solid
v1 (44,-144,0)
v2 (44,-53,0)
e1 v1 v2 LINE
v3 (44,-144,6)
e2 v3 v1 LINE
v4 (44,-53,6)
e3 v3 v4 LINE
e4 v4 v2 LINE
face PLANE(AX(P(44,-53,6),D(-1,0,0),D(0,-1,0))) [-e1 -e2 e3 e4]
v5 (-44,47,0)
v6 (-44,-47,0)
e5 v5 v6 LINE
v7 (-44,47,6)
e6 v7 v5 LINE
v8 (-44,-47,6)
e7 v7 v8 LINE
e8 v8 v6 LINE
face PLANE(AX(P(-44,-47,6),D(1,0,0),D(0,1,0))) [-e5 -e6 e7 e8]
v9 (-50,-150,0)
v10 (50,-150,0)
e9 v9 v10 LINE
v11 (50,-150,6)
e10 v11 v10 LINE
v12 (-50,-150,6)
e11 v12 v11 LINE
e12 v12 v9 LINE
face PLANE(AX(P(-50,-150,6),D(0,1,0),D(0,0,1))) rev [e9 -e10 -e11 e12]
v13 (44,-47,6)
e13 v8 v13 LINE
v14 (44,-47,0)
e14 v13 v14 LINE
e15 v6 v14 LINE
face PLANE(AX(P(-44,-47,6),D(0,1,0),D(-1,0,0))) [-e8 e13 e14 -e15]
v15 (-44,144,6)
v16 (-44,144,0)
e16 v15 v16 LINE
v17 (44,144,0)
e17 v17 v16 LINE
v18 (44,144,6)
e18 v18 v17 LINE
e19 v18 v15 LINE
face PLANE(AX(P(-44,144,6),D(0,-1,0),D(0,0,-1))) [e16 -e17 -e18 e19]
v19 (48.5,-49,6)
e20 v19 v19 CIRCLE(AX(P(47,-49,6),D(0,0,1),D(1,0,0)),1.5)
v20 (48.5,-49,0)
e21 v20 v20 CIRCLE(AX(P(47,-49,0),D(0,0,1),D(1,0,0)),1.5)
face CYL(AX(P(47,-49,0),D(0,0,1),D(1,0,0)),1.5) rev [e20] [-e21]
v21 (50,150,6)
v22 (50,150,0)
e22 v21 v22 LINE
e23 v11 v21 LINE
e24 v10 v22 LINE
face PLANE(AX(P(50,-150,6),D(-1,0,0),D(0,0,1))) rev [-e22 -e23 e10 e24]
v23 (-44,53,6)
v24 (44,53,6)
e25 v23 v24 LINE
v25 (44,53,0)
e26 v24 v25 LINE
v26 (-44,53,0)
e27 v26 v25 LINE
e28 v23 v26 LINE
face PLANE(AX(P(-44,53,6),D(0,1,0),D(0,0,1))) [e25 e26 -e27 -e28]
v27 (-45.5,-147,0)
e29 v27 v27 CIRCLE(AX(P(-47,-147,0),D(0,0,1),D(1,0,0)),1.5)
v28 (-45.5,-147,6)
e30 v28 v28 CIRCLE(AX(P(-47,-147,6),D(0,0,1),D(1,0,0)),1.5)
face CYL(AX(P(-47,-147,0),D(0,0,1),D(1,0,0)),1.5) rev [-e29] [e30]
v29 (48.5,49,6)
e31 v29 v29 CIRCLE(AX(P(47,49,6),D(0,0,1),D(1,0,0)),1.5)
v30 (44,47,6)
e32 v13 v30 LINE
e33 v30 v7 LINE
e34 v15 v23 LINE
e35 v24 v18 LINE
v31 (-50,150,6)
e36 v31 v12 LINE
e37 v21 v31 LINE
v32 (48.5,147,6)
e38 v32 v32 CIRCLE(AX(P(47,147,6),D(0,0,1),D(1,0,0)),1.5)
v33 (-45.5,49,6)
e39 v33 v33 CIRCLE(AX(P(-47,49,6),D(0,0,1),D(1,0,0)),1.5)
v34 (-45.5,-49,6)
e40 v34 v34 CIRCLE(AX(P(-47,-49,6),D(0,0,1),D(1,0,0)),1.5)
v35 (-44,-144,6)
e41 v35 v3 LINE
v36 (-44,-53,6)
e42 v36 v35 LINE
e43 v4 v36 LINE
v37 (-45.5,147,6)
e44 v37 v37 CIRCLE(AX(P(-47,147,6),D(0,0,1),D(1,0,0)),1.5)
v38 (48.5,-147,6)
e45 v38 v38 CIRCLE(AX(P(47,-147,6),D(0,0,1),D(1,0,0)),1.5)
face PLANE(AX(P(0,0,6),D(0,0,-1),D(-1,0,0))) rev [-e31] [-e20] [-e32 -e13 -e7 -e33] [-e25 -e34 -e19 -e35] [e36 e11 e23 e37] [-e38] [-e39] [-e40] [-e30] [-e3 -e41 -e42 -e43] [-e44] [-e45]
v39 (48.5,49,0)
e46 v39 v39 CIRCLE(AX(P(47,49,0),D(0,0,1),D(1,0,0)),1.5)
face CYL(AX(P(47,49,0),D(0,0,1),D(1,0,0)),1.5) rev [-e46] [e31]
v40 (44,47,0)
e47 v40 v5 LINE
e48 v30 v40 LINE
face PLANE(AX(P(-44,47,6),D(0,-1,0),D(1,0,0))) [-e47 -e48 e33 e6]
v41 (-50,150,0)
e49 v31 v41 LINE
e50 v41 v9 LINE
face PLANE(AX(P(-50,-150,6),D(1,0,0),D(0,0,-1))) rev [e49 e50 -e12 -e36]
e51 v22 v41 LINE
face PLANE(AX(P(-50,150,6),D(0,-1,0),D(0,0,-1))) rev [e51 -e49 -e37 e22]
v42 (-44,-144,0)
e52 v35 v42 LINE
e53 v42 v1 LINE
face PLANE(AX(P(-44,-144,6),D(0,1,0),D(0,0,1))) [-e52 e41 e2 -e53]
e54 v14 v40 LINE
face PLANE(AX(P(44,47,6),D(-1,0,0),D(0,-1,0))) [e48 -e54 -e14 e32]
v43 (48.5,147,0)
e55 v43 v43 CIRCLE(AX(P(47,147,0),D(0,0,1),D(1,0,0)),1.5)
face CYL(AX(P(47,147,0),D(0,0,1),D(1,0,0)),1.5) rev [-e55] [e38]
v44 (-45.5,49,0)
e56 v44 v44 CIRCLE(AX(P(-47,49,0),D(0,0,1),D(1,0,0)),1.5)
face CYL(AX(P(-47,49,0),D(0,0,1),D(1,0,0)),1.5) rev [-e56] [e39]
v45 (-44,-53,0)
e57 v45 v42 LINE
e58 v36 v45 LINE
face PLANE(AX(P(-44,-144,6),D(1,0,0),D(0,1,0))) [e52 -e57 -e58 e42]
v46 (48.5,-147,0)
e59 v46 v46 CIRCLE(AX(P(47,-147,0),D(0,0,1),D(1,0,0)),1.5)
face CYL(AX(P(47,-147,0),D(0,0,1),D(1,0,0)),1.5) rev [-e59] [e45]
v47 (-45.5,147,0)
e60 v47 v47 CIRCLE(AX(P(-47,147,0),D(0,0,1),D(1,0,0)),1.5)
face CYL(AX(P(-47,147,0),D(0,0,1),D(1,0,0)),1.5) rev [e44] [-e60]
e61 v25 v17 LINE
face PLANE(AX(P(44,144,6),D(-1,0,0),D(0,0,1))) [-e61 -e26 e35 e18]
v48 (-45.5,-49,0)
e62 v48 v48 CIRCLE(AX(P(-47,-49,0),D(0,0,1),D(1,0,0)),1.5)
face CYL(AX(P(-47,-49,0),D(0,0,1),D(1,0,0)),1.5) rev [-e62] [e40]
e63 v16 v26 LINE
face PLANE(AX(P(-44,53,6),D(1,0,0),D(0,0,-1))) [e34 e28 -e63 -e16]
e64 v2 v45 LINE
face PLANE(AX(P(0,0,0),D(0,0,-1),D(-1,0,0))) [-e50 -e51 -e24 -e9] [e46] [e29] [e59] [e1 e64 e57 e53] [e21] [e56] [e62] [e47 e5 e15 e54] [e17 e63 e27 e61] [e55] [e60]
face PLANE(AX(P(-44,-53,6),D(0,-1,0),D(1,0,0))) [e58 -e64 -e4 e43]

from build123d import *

# Parameters (mm, degrees)
SKETCH1_W           = 100
SKETCH1_H           = 300
SKETCH1_W_2         = 88
SKETCH1_H_2         = 91
SKETCH1_H_3         = 94
BOSS_EXTRUDE1_DEPTH = 6
SKETCH2_R           = 1.5
CUT_EXTRUDE1_DEPTH  = 6


with BuildPart() as part:
    # Sketch1 → Boss-Extrude1 (new body)
    with BuildSketch(Plane.XY):
        Rectangle(SKETCH1_W, SKETCH1_H)
        with Locations((0, 98.5)):
            Rectangle(SKETCH1_W_2, SKETCH1_H_2, mode=Mode.SUBTRACT)
        with Locations((0, -98.5)):
            Rectangle(SKETCH1_W_2, SKETCH1_H_2, mode=Mode.SUBTRACT)
        Rectangle(SKETCH1_W_2, SKETCH1_H_3, mode=Mode.SUBTRACT)
    extrude(amount=BOSS_EXTRUDE1_DEPTH)

    # Sketch2 → Cut-Extrude1 (cut)
    with BuildSketch(Plane.XY.offset(6)):
        with Locations((-47, 147)):
            Circle(SKETCH2_R)
        with Locations((47, 147)):
            Circle(SKETCH2_R)
        with Locations((47, 49)):
            Circle(SKETCH2_R)
        with Locations((47, -49)):
            Circle(SKETCH2_R)
        with Locations((47, -147)):
            Circle(SKETCH2_R)
        with Locations((-47, 49)):
            Circle(SKETCH2_R)
        with Locations((-47, -49)):
            Circle(SKETCH2_R)
        with Locations((-47, -147)):
            Circle(SKETCH2_R)
    extrude(amount=-CUT_EXTRUDE1_DEPTH, mode=Mode.SUBTRACT)


solid = part.part
